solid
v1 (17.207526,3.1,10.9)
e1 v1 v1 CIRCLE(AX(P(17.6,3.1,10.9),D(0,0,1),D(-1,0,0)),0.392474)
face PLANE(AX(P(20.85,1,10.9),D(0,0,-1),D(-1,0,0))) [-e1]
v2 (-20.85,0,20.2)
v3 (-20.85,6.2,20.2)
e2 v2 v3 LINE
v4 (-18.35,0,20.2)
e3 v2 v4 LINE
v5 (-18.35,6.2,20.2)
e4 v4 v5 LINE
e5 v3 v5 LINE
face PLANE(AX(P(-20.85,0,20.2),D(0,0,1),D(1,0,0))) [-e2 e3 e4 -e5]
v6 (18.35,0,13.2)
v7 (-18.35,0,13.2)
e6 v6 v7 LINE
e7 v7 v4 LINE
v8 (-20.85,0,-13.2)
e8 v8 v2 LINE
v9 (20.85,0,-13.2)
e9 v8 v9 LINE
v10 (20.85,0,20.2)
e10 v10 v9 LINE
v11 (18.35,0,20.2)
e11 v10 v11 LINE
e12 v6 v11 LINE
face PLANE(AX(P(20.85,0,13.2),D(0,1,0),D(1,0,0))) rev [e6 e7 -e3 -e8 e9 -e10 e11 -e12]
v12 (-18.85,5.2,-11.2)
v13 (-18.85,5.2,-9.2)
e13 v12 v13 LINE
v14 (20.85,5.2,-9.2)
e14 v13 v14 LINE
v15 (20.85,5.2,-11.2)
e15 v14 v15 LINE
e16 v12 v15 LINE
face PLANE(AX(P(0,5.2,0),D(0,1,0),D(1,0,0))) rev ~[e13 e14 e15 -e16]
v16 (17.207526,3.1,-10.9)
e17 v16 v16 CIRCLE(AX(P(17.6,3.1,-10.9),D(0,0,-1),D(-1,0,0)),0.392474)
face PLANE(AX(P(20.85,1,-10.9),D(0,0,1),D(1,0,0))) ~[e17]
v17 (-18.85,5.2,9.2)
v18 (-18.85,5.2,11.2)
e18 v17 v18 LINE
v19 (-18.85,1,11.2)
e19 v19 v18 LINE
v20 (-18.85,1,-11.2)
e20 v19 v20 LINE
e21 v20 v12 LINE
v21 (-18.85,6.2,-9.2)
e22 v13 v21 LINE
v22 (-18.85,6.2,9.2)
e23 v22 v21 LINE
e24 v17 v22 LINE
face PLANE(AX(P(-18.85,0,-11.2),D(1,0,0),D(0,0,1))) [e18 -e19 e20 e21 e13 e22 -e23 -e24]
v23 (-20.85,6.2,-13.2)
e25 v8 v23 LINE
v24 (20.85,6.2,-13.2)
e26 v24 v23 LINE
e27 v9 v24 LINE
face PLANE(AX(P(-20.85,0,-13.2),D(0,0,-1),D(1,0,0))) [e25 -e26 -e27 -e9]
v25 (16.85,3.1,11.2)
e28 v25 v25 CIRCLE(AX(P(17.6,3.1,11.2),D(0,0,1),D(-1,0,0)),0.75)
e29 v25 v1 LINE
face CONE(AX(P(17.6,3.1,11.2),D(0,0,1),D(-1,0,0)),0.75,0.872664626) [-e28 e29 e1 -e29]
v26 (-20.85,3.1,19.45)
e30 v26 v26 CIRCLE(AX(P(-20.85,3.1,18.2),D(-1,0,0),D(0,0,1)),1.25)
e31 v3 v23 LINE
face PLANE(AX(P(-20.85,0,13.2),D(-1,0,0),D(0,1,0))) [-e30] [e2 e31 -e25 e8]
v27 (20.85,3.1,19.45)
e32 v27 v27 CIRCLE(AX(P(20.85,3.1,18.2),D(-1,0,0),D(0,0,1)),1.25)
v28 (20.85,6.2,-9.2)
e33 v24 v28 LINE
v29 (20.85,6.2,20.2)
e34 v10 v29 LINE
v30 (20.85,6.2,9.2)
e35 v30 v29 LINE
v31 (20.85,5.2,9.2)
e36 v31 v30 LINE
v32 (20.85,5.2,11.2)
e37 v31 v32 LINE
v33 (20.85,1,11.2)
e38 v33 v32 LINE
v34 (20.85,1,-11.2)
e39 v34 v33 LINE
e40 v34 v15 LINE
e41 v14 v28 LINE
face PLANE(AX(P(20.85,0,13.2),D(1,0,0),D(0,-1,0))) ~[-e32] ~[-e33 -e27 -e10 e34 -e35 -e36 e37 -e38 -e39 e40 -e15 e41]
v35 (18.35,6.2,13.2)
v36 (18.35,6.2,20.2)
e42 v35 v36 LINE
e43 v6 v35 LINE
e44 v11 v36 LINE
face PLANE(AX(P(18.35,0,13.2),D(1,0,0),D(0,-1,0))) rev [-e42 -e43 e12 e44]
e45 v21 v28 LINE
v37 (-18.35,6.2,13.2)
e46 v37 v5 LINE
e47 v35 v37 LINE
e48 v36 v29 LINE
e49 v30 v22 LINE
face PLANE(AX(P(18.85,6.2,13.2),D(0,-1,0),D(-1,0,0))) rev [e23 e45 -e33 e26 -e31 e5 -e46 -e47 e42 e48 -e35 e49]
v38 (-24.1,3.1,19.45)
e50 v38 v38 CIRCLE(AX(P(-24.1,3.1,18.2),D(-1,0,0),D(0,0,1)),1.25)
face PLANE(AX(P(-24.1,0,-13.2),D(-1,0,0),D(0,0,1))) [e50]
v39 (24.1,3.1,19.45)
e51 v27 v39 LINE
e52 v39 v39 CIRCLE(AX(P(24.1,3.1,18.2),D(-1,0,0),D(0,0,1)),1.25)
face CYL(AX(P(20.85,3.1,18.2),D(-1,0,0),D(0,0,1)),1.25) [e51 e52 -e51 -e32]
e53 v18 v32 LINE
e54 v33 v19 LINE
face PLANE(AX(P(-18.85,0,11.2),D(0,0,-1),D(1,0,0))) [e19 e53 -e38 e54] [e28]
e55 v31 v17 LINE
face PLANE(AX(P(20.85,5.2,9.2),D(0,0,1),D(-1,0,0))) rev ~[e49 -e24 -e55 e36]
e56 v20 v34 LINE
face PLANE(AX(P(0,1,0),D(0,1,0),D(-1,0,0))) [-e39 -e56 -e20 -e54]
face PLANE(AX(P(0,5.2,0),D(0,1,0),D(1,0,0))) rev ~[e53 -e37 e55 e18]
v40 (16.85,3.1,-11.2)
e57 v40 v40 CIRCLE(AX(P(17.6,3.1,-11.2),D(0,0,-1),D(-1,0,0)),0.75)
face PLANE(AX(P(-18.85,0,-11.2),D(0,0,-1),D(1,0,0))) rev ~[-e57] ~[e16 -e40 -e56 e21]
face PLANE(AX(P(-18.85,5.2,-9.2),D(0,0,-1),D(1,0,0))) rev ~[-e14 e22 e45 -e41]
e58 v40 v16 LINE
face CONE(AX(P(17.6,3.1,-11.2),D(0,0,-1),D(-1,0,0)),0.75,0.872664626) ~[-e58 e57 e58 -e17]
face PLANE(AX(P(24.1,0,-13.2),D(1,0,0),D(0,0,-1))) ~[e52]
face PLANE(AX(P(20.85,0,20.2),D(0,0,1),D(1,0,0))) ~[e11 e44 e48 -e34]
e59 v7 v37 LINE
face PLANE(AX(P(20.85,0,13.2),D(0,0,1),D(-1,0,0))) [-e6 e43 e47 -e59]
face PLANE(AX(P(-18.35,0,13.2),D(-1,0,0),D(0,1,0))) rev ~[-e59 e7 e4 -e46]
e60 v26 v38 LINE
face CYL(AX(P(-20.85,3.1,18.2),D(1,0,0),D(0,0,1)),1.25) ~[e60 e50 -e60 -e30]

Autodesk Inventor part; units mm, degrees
ref_plane "YZ Plane" through (0, 0, 0) normal (1, 0, 0) x (0, 1, 0)
ref_plane "XZ Plane" through (0, 0, 0) normal (0, 1, 0) x (-1, 0, 0)
ref_plane "XY Plane" through (0, 0, 0) normal (0, 0, 1) x (1, 0, 0)
sketch "Skizze1" plane through (0, 0, 0) normal (0, 1, 0) x (-1, 0, 0)
  line L0 (-20.85, 11.2) -> (18.85, 11.2)
  line L1 (18.85, 11.2) -> (18.85, -11.2)
  line L2 (18.85, -11.2) -> (-20.85, -11.2)
  line L3 (-20.85, -11.2) -> (-20.85, 11.2)
  line L4 (-20.85, 11.2) -> (18.85, -11.2) construction
  line L5 (18.85, 11.2) -> (-20.85, -11.2) construction
  point P0 (0, 0)
  point P1 (-1, 0)
  dimension "d24" = 39.7
  dimension "d25" = 22.4
  dimension "d26" = 1
  dimension "d27" = 0
extrude "Extrusion1" add sketch "Skizze1" along normal blind 1
sketch "Skizze2" plane through (0, 0, 0) normal (0, 1, 0) x (-1, 0, 0)
  line L0 (-20.85, 11.2) -> (-20.85, -11.2) projected
  line L1 (18.85, 11.2) -> (-20.85, 11.2) projected
  line L2 (20.85, -13.2) -> (-20.85, -13.2)
  line L3 (-20.85, -13.2) -> (-20.85, 13.2)
  line L4 (-20.85, 13.2) -> (20.85, 13.2)
  line L5 (20.85, 13.2) -> (20.85, -13.2)
  line L6 (20.85, -13.2) -> (-20.85, 13.2) construction
  line L7 (-20.85, -13.2) -> (20.85, 13.2) construction
  line L8 (18.85, -11.2) -> (18.85, 11.2) projected
  line L9 (-20.85, 11.2) -> (18.85, 11.2)
  line L10 (18.85, 11.2) -> (18.85, -11.2)
  line L11 (18.85, -11.2) -> (-20.85, -11.2)
  point P0 (0, 0)
  dimension "d30" = 2
  dimension "d31" = 2
extrude "Extrusion2" add sketch "Skizze2" along normal blind 5.2 contours L3 L4 L5 L2 L11 L8 L1
sketch "Skizze3" plane through (0, 5.2, 0) normal (0, 1, 0) x (1, 0, 0)
  line L0 (20.85, 13.2) -> (-20.85, 13.2)
  line L1 (20.85, -13.2) -> (20.85, 13.2) projected
  line L2 (-20.85, 13.2) -> (20.85, 13.2)
  line L3 (20.85, 13.2) -> (20.85, -13.2)
  line L4 (20.85, -13.2) -> (-20.85, -13.2)
  line L5 (-20.85, -13.2) -> (-20.85, 13.2)
  line L6 (-20.85, 13.2) -> (20.85, -13.2) construction
  line L7 (20.85, 13.2) -> (-20.85, -13.2) construction
  line L8 (20.85, -11.2) -> (20.85, 11.2) projected
  line L9 (20.85, 9.2) -> (20.85, -9.2)
  line L10 (20.85, -11.2) -> (-18.85, -11.2) projected
  line L11 (-18.85, 11.2) -> (20.85, 11.2) projected
  line L12 (-18.85, -11.2) -> (-18.85, 11.2) projected
  line L13 (20.85, -9.2) -> (-18.85, -9.2)
  line L14 (-18.85, 9.2) -> (20.85, 9.2)
  point P0 (0, 0)
  point P1 (20.85, -9.2)
  dimension "d35" = 2
  dimension "d36" = 2
extrude "Extrusion3" add sketch "Skizze3" along normal blind 1 contours L1 L11 L12 L10 L4 L5 L0 | L1 L14 L12 L11 | L1 L10 L12 L13
sketch "Skizze7" plane through (20.85, 1, 11.2) normal (0, 0, -1) x (-1, 0, 0)
  line L0 (39.7, 4.2) -> (0, 4.2) construction
  line L1 (3.25, 4.2) -> (3.25, 0) construction
  line L2 (0, 0) -> (39.7, 0) construction
  line L3 (0, -1) -> (0, 5.2) construction
  circle A0 centre (3.25, 2.1) radius 0.75
  point P0 (20.85, -1)
  dimension "d38" = 1.5
  dimension "d39" = 2.5
extrude "Extrusion7" add sketch "Skizze7" along normal blind 0.3 draft -50
mirror "Spiegeln2" about plane through (0, 0, 0) normal (0, 0, 1) of "Extrusion7"
sketch "Skizze8" plane through (-20.85, 0, 13.2) normal (0, 0, 1) x (1, 0, 0)
  line L0 (0, 0) -> (0, 6.2) projected
  line L1 (41.7, 6.2) -> (2, 6.2) projected
  line L2 (0, 0) -> (2.5, 0)
  line L3 (2.5, 0) -> (2.5, 6.2)
  line L4 (2.5, 6.2) -> (0, 6.2)
  line L5 (0, 6.2) -> (0, 0)
  point P0 (20.85, 0)
  dimension "d42" = 2.5
extrude "Extrusion8" add sketch "Skizze8" along normal blind 7
sketch "Skizze9" plane through (-20.85, 0, -13.2) normal (-1, 0, 0) x (0, 0, 1)
  line L0 (26.4, 6.2) -> (33.4, 6.2) construction
  line L1 (31.4, 6.2) -> (31.4, 0) construction
  line L2 (33.4, 6.2) -> (33.4, 0) construction
  circle A0 centre (31.4, 3.1) radius 1.25
  point P0 (13.2, 0)
  dimension "d45" = 2
  dimension "d46" = 2.5
extrude "Extrusion9" add sketch "Skizze9" along normal blind 3.25
mirror "Spiegeln3" about plane through (0, 0, 0) normal (1, 0, 0) of "Extrusion8", "Extrusion9"
sketch "Skizze10" plane through (-20.85, 0, -13.2) normal (-1, 0, 0) x (0, 0, 1)
  line L0 (26.4, 6.2) -> (26.4, 0) projected
  line L1 (26.4, 6.2) -> (26.4, 0)
  line L2 (0, 0) -> (33.4, 0) projected
  circle A0 centre (31.4, 3.1) radius 1.25 projected
  point P0 (13.2, 0)
  dimension "d49" = 3.75
properties part number "CaseV1"
